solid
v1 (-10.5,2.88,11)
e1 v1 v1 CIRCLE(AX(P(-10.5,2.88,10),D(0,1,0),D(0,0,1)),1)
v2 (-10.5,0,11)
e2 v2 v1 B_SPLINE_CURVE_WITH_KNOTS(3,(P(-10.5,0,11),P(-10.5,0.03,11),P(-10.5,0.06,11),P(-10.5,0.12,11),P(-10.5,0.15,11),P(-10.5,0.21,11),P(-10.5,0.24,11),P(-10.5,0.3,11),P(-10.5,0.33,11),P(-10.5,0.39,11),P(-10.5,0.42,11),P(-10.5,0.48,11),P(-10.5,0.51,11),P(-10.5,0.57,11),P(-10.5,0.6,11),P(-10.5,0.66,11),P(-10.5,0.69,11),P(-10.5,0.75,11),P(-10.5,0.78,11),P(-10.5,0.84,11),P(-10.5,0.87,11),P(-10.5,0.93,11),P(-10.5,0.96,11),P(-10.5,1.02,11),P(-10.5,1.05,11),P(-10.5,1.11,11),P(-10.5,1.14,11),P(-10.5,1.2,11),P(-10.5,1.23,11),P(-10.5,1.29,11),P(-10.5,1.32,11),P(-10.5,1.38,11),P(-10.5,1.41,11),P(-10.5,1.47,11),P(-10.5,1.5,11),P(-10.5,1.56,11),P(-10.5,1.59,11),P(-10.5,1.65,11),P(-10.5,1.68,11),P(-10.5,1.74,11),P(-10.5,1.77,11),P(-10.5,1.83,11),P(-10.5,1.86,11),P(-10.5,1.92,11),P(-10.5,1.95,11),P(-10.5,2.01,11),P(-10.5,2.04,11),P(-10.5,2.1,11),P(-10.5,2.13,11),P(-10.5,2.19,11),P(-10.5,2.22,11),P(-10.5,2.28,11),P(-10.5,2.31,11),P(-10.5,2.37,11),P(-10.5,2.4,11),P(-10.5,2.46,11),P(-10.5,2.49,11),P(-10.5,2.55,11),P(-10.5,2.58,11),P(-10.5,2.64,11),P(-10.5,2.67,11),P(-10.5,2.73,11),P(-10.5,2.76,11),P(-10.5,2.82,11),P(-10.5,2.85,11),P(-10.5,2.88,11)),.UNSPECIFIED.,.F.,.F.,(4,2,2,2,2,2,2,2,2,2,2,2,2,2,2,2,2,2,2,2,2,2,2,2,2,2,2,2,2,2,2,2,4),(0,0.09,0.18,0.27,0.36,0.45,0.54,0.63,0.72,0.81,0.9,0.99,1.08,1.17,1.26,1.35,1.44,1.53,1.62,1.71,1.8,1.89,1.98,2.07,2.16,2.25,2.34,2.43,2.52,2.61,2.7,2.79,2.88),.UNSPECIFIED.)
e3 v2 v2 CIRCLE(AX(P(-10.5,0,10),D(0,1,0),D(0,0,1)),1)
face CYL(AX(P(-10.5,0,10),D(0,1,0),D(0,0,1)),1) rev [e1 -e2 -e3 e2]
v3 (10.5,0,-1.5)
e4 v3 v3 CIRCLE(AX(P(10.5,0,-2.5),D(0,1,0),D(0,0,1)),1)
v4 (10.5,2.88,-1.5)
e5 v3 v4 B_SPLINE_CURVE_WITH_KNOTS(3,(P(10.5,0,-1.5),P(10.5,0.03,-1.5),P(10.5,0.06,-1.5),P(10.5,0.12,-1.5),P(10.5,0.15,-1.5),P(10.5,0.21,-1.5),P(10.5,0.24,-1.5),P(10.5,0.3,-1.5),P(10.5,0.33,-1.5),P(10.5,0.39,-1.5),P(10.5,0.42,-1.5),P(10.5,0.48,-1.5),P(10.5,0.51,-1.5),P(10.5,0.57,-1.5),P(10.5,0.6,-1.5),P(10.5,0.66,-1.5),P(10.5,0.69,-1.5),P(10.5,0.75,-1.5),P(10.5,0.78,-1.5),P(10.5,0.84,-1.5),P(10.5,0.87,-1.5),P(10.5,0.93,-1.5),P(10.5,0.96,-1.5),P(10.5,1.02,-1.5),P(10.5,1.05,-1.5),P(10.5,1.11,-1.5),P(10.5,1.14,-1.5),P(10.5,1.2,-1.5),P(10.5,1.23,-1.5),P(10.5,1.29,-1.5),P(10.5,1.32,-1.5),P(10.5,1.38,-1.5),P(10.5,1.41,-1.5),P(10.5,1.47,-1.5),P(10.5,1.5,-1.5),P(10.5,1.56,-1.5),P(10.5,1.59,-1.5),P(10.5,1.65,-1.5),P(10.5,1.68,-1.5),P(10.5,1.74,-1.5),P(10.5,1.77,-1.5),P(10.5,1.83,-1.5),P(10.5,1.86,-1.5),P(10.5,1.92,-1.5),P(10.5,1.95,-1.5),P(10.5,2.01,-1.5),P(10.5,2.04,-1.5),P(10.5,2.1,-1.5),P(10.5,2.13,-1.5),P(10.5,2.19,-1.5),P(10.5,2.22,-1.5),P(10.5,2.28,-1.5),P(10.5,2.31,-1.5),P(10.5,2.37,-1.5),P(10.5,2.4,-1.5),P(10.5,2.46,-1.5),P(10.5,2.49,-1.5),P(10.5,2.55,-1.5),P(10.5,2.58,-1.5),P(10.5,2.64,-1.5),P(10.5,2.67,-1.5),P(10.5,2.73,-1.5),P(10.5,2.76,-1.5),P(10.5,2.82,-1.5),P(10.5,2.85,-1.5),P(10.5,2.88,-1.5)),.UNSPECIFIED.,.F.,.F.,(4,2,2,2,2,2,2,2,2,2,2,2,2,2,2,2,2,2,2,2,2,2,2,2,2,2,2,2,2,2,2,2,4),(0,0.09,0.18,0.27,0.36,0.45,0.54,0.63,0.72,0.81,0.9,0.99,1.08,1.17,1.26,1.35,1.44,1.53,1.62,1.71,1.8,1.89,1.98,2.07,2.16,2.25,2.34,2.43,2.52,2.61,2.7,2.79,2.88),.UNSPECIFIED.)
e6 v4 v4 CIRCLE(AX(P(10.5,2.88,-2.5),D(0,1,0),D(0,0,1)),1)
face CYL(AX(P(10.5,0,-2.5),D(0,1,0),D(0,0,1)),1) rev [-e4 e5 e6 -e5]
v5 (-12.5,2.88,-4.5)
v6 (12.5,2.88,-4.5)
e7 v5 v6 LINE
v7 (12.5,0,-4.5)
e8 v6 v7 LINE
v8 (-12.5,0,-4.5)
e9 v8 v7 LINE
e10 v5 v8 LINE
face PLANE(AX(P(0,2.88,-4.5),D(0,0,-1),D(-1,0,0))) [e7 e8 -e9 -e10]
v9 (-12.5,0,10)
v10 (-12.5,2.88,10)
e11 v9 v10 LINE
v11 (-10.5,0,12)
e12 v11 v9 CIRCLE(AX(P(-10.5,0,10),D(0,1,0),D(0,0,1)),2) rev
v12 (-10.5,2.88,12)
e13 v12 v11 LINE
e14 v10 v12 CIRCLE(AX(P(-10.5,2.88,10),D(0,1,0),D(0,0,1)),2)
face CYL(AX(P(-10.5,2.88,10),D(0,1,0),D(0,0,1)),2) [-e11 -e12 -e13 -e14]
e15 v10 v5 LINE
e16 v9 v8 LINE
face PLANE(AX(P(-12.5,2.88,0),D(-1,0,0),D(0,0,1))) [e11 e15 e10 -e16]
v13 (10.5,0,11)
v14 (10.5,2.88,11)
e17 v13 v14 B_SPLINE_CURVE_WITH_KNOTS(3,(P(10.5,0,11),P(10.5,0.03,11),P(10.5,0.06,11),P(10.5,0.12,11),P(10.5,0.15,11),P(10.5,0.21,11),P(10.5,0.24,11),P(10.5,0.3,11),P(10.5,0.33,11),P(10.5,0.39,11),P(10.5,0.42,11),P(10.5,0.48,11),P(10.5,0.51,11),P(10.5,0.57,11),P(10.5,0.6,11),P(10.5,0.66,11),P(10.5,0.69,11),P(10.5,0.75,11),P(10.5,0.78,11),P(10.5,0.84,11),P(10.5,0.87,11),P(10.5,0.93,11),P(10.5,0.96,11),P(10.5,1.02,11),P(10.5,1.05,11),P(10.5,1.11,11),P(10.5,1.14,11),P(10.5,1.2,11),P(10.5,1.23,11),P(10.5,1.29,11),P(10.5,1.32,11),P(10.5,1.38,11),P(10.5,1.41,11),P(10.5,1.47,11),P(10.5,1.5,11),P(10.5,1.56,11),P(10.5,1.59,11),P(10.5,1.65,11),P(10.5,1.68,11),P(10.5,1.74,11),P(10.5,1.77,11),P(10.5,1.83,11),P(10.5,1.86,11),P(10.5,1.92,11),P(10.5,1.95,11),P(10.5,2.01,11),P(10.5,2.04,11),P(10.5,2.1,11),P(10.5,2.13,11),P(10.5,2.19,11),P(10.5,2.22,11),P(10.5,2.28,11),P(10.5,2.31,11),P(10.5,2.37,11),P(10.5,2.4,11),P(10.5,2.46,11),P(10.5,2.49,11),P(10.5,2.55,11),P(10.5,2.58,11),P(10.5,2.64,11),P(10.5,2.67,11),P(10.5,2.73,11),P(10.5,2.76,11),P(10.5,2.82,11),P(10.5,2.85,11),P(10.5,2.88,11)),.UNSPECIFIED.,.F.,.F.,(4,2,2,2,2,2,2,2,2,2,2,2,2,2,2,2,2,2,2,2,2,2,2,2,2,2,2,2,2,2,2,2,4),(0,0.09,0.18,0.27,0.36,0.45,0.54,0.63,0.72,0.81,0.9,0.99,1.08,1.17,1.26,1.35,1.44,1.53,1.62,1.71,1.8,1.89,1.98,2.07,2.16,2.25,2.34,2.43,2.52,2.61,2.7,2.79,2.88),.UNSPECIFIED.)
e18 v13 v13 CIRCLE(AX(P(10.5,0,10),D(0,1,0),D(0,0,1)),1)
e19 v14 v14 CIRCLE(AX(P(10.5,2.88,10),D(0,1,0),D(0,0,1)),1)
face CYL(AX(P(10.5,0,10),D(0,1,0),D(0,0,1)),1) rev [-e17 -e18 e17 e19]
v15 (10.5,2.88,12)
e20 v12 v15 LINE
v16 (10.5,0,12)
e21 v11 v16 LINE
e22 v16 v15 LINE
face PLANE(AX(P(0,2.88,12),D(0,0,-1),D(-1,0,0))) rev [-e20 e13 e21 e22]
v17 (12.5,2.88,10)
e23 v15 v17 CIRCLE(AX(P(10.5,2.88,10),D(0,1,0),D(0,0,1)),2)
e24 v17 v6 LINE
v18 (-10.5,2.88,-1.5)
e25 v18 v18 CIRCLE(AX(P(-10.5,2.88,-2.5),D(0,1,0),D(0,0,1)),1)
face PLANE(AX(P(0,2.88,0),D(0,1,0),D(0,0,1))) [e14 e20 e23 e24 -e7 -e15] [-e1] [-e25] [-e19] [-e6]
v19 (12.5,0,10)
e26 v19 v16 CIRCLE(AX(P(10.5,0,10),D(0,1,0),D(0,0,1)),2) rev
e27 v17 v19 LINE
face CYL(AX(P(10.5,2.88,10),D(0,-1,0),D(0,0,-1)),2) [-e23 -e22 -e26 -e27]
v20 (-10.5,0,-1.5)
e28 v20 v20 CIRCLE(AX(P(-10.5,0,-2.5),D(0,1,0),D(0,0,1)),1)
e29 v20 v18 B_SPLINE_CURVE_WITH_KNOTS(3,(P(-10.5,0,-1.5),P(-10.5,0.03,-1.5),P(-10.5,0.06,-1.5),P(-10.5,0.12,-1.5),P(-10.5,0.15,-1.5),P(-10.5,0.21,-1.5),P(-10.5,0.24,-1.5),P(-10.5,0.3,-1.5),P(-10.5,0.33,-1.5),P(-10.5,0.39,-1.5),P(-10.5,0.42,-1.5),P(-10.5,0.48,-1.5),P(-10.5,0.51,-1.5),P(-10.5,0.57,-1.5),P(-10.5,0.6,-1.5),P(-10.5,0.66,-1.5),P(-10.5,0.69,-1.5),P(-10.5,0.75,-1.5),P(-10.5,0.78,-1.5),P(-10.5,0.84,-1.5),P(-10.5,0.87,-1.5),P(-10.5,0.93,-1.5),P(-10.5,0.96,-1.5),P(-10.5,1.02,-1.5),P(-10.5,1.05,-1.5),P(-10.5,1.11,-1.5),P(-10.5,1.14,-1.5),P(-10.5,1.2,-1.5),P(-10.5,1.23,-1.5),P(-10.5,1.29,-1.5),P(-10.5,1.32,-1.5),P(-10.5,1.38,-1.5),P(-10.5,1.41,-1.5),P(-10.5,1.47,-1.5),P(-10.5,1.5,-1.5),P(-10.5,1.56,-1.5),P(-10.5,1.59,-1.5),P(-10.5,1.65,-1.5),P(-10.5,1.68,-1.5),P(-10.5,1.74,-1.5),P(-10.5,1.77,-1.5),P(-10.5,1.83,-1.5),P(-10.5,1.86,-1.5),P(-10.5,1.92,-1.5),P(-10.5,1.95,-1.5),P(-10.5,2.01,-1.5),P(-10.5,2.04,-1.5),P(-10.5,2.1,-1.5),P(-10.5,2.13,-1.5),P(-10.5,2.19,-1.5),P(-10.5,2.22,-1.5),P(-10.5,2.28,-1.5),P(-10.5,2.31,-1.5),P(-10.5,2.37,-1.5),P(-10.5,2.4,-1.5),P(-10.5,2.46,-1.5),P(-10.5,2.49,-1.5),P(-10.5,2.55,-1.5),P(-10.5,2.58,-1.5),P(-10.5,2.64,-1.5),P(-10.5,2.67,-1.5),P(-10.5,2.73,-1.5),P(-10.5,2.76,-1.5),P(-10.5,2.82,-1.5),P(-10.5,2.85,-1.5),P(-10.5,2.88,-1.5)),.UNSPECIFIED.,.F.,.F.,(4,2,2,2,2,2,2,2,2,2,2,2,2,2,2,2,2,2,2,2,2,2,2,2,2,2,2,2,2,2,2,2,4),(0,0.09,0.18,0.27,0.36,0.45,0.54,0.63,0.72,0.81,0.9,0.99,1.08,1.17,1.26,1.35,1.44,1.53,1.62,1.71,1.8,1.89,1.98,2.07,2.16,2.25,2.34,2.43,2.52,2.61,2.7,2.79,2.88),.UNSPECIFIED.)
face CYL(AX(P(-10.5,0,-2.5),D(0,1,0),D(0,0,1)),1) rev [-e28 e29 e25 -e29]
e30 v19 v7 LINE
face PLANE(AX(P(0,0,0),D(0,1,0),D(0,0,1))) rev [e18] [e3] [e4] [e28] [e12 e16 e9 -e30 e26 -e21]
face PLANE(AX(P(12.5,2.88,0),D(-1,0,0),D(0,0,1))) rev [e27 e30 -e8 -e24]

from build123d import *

# Parameters (mm, degrees)
SKETCH1_W           = 25
SKETCH1_H           = 16.5
BOSS_EXTRUDE1_DEPTH = 2.88
SKETCH2_R           = 1
CUT_EXTRUDE1_DEPTH  = 18.565431962
FILLET1_R           = 2


with BuildPart() as part:
    # Sketch1 → Boss-Extrude1 (new body)
    with BuildSketch(Plane(origin=(0, 0, 0), x_dir=(1, 0, 0), z_dir=(0, 1, 0))):
        with Locations((0, -3.75)):
            Rectangle(SKETCH1_W, SKETCH1_H)
    extrude(amount=BOSS_EXTRUDE1_DEPTH)

    # Sketch2 → Cut-Extrude1 (cut, through all)
    with BuildSketch(Plane(origin=(0, 2.88, 0), x_dir=(1, 0, 0), z_dir=(0, 1, 0))):
        with Locations(Location((-10.5, 2.5, 0), (0, 0, 270))):
            Circle(SKETCH2_R)
        with Locations(Location((-10.5, -10, 0), (0, 0, 270))):
            Circle(SKETCH2_R)
        with Locations(Location((10.5, -10, 0), (0, 0, 270))):
            Circle(SKETCH2_R)
        with Locations(Location((10.5, 2.5, 0), (0, 0, 270))):
            Circle(SKETCH2_R)
    extrude(amount=-CUT_EXTRUDE1_DEPTH, mode=Mode.SUBTRACT)

    # Fillet1
    fillet1_edges = [part.edges().sort_by_distance(p)[0] for p in [
        (12.5, 1.44, 12),
        (-12.5, 1.44, 12),
    ]]
    fillet(fillet1_edges, radius=FILLET1_R)


solid = part.part
